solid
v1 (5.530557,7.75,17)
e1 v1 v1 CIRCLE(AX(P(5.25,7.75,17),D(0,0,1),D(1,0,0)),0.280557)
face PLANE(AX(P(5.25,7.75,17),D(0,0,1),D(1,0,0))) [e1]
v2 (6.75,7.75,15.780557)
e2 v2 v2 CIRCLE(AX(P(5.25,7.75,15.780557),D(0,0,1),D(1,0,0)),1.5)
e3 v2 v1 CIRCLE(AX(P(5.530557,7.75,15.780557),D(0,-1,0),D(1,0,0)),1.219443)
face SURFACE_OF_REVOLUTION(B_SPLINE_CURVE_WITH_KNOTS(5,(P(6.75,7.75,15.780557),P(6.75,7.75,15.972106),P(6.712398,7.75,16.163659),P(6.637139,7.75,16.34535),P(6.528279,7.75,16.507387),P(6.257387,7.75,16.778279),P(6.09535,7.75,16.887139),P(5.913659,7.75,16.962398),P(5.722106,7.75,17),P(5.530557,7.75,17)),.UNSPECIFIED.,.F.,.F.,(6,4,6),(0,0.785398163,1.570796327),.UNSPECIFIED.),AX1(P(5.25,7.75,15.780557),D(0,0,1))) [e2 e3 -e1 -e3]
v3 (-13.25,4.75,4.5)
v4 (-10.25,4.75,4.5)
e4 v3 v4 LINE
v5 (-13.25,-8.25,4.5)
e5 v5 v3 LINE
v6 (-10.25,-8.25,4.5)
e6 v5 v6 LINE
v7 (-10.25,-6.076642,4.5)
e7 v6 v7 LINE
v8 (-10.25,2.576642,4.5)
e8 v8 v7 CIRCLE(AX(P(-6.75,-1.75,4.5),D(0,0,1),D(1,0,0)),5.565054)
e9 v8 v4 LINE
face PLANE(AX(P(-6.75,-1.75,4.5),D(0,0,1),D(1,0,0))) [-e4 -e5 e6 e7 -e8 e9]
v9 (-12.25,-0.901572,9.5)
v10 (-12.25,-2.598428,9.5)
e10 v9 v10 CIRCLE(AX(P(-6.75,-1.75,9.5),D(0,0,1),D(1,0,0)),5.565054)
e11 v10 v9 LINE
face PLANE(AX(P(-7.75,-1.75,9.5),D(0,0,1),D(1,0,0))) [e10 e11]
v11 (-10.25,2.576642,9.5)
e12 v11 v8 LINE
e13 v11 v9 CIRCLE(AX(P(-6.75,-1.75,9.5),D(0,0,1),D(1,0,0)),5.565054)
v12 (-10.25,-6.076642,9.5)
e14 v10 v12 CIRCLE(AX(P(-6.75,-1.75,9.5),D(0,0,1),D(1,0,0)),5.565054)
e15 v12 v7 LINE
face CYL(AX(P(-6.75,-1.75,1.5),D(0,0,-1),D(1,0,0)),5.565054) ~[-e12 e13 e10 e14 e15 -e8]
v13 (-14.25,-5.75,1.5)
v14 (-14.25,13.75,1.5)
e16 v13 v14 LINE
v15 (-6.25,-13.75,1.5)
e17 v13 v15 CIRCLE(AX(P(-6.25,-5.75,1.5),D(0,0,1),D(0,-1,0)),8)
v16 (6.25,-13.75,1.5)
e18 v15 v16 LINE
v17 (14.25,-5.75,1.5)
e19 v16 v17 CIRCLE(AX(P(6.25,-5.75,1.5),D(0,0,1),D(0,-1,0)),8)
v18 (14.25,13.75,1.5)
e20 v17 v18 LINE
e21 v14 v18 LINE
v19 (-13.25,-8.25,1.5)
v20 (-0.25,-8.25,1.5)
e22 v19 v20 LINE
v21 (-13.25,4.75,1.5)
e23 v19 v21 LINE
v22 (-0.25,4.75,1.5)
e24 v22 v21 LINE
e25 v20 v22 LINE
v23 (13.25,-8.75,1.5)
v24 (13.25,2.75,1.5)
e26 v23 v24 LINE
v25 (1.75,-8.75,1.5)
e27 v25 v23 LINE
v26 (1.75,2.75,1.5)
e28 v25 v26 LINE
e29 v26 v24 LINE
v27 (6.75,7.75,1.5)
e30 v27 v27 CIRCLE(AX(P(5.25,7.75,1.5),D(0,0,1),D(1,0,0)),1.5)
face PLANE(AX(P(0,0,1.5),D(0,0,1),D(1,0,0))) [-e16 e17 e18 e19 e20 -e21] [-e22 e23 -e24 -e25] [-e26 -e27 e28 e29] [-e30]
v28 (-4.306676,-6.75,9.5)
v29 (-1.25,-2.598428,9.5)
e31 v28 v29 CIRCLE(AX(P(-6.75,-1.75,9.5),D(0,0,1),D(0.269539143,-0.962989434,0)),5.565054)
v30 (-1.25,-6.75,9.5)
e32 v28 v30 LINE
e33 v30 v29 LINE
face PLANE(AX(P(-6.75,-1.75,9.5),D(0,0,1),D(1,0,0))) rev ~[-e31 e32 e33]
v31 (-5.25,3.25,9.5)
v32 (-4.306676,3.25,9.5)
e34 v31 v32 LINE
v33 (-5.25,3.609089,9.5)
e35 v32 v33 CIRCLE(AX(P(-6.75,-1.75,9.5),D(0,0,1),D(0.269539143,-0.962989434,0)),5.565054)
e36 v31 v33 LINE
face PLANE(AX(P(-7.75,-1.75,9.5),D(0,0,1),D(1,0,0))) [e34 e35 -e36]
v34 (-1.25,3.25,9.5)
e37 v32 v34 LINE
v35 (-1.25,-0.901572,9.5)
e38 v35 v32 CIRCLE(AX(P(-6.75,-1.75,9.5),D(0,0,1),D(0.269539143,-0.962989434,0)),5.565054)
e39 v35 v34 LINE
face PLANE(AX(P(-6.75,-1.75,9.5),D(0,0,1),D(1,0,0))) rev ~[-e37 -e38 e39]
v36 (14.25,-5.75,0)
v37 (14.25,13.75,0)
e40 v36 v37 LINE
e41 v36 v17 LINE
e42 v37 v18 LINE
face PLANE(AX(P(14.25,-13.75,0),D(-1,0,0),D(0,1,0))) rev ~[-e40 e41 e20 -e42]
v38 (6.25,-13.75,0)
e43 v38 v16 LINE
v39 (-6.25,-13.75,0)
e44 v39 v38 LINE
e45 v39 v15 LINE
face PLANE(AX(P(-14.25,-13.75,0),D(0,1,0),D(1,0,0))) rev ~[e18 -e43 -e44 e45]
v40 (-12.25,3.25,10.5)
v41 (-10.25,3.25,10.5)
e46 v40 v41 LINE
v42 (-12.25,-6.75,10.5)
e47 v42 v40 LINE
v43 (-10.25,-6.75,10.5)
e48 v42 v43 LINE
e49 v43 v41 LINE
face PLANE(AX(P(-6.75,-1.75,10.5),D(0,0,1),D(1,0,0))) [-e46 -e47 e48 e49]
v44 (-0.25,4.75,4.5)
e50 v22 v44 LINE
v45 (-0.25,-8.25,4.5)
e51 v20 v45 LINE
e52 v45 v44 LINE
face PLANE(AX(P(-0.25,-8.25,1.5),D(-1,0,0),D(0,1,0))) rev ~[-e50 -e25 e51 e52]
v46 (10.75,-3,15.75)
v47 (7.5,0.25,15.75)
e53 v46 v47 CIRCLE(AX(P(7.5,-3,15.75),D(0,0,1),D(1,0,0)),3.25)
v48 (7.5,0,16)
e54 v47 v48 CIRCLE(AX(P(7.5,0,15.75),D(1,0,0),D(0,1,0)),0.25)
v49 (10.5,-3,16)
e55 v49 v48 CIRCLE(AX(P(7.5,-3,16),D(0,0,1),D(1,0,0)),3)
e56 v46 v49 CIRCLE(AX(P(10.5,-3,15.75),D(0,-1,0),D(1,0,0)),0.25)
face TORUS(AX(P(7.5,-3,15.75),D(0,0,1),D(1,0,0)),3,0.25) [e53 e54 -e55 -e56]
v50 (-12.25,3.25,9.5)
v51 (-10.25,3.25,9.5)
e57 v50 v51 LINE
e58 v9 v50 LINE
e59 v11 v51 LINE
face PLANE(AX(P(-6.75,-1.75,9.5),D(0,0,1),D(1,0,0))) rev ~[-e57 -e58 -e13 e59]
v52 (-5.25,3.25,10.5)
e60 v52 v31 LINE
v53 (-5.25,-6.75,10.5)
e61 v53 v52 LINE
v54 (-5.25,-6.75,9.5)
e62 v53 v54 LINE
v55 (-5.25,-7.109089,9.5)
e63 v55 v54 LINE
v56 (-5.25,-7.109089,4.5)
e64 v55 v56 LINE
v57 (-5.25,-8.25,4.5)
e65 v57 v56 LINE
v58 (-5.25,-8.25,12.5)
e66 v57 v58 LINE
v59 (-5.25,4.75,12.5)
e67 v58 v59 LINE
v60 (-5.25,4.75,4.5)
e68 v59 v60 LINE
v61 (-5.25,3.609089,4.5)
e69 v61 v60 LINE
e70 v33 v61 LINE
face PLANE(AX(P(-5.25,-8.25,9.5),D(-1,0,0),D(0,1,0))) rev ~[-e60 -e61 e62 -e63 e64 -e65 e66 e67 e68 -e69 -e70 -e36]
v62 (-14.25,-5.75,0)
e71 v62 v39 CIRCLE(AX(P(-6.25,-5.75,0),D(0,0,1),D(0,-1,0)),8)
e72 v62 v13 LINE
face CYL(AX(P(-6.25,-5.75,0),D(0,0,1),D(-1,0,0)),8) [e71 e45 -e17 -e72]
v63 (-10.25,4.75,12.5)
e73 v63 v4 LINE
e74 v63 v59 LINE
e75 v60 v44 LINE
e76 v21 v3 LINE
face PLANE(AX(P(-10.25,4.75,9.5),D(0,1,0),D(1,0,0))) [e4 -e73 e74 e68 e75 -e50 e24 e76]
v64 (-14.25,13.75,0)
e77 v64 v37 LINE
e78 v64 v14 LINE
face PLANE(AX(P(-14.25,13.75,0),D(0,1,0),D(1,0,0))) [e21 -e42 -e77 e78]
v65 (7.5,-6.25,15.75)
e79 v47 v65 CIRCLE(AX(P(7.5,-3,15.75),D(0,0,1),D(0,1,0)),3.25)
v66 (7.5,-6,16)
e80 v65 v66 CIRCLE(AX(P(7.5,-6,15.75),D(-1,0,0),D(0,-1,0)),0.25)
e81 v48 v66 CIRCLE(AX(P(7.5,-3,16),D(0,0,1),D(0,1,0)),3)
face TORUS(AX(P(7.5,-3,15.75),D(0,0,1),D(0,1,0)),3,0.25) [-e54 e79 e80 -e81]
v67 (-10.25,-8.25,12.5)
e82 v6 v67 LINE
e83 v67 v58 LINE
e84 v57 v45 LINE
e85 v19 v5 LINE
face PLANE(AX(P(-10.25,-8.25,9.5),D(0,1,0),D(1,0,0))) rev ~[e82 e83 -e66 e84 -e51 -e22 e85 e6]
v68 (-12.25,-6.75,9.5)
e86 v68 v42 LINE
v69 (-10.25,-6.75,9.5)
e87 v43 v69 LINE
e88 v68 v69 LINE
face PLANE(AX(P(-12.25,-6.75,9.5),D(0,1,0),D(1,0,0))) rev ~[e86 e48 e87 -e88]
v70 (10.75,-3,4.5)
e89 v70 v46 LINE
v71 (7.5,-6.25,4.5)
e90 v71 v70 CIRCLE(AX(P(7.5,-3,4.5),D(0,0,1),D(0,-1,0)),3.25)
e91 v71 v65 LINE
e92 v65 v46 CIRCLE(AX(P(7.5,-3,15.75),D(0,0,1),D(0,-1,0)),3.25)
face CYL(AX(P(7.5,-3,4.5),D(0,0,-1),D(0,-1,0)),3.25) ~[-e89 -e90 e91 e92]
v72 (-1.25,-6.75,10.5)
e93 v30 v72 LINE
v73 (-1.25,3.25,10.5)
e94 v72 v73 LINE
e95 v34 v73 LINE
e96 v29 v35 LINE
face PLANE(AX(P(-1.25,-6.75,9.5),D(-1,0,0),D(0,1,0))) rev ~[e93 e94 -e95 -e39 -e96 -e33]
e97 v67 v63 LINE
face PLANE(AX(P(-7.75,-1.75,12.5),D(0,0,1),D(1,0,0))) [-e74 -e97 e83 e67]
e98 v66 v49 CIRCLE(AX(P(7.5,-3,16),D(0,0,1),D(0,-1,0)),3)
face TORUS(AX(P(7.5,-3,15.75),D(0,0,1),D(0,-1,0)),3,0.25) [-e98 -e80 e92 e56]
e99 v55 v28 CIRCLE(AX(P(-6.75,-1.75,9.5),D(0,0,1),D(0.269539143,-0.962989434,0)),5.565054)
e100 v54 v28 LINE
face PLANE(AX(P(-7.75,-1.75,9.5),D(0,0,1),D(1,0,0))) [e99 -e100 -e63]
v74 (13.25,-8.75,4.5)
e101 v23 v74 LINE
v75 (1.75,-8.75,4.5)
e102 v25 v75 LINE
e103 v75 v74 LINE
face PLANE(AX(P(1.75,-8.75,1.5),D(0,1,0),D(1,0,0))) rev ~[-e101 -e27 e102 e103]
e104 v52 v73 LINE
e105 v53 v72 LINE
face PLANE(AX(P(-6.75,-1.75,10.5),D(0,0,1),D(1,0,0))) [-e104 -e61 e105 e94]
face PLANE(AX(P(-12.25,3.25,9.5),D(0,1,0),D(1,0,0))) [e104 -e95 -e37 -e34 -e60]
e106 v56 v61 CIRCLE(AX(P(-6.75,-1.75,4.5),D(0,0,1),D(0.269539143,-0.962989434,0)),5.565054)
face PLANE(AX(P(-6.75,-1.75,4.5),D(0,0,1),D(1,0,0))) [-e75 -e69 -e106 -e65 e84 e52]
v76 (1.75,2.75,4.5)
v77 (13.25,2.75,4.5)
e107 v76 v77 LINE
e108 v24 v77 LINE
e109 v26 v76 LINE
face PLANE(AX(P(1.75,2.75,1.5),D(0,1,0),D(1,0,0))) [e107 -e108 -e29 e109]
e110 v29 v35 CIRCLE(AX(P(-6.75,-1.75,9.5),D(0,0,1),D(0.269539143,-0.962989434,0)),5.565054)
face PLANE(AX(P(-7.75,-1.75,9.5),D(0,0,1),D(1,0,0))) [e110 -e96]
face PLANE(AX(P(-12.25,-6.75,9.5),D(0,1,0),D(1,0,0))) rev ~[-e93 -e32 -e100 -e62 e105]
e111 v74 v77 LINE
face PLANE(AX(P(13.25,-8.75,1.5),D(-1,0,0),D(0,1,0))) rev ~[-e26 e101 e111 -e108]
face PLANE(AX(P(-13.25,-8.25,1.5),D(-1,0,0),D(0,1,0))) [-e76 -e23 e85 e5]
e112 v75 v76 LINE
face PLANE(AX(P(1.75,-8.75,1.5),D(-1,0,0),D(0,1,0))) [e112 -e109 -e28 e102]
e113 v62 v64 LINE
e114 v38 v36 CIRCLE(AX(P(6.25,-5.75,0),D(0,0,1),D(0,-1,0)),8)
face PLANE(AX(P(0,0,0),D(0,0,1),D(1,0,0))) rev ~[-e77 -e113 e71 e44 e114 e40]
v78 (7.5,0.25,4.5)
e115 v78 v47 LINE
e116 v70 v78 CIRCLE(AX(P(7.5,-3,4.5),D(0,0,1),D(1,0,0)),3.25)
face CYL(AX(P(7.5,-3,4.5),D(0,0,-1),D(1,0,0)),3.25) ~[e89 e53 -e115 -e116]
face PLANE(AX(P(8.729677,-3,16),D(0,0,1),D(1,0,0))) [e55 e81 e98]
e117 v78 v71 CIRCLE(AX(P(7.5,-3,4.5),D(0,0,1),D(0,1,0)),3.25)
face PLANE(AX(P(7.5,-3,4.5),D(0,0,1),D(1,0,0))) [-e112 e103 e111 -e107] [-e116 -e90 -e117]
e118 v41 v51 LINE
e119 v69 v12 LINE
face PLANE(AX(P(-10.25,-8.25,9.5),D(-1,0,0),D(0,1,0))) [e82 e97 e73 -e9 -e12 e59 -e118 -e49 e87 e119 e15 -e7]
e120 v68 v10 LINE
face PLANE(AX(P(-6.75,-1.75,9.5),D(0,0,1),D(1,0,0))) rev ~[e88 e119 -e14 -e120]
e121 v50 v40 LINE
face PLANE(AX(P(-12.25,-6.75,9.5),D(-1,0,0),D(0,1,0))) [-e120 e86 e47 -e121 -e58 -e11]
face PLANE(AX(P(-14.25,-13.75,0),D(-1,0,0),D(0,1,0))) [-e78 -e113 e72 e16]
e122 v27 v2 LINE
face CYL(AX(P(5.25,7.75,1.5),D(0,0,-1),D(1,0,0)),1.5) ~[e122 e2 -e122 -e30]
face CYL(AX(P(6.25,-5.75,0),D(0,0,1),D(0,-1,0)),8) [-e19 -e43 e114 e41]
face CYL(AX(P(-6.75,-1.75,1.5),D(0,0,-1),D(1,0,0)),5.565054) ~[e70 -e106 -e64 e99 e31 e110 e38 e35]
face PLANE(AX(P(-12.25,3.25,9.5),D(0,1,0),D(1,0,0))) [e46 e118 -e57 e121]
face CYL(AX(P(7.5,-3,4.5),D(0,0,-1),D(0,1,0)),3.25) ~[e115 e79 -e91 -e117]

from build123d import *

# Parameters (mm, degrees)
F0_W           = 28.5
F0_H           = 27.5
F1_DEPTH       = 1.5
F2_R           = 8
F3_R           = 1.5
F4_DEPTH       = 15.5
F5_W           = 11.5
F5_H           = 11.5
F6_DEPTH       = 3
F8_DEPTH       = 11.5
F9_R           = 1.2194434125
F10_R          = 0.25
F11_W          = 13
F11_H          = 13
F11_R          = 5.5650544151
F12_DEPTH      = 3
F13_DEPTH      = 8
F14_W          = 5
F14_H          = 13
F15_DEPTH      = 8
F15_DEPTH_BACK = 3
F16_W          = 11
F16_H          = 10
F17_DEPTH      = 1


with BuildPart() as f1:
    # F0 (on Top) → F1 (new body)
    with BuildSketch(Plane.XY):
        Rectangle(F0_W, F0_H)
    extrude(amount=F1_DEPTH)

    # F2
    f2_edges = [f1.edges().sort_by_distance(p)[0] for p in [
        (14.25, -13.75, 0.75),
        (-14.25, -13.75, 0.75),
    ]]
    fillet(f2_edges, radius=F2_R)

    # F3 (on face) → F4 (join)
    with BuildSketch(Plane.XY.offset(1.5)):
        with Locations((5.25, 7.75)):
            Circle(F3_R)
    extrude(amount=F4_DEPTH)

    # F5 (on face) → F6 (join)
    with BuildSketch(Plane.XY.offset(1.5)):
        with Locations((7.5, -3)):
            Rectangle(F5_W, F5_H)
    extrude(amount=F6_DEPTH)

    # F7 (on face) → F8 (join)
    with BuildSketch(Plane.XY.offset(4.5)):
        with BuildLine():
            ThreePointArc((10.75, -3), (9.7980970389, -0.7019029611), (7.5, 0.25))
            Line((7.5, 0.25), (7.5, -6.25))
            ThreePointArc((7.5, -6.25), (9.7980970389, -5.2980970389), (10.75, -3))
        make_face()
        with BuildLine():
            Line((7.5, -6.25), (7.5, 0.25))
            ThreePointArc((7.5, 0.25), (4.25, -3), (7.5, -6.25))
        make_face()
    extrude(amount=F8_DEPTH)

    # F9
    f9_edges = [f1.edges().sort_by_distance(p)[0] for p in [
        (3.75, 7.75, 17),
    ]]
    fillet(f9_edges, radius=F9_R)

    # F10
    f10_edges = [f1.edges().sort_by_distance(p)[0] for p in [
        (4.25, -3, 16),
    ]]
    fillet(f10_edges, radius=F10_R)

    # F11 (on face) → F12 (join)
    with BuildSketch(Plane.XY.offset(1.5)):
        with Locations((-6.75, -1.75)):
            Rectangle(F11_W, F11_H)
        with Locations((-6.75, -1.75)):
            Circle(F11_R, mode=Mode.SUBTRACT)
    extrude(amount=F12_DEPTH)

    # F13 (add): a face of the model
    f13_faces = [f1.faces().sort_by_distance(p)[0] for p in [
        (-6.75, -1.75, 1.5),
    ]]
    extrude(f13_faces, amount=F13_DEPTH)

    # F14 (on face) → F15 (join, two sides)
    with BuildSketch(Plane.XY.offset(9.5)) as f15_sk:
        with Locations((-7.75, -1.75)):
            Rectangle(F14_W, F14_H)
    extrude(amount=-F15_DEPTH)
    extrude(f15_sk.sketch, amount=F15_DEPTH_BACK)

    # F16 (on face) → F17 (join)
    with BuildSketch(Plane.XY.offset(9.5)):
        with Locations((-6.75, -1.75)):
            Rectangle(F16_W, F16_H)
    extrude(amount=F17_DEPTH)


solid = f1.part
